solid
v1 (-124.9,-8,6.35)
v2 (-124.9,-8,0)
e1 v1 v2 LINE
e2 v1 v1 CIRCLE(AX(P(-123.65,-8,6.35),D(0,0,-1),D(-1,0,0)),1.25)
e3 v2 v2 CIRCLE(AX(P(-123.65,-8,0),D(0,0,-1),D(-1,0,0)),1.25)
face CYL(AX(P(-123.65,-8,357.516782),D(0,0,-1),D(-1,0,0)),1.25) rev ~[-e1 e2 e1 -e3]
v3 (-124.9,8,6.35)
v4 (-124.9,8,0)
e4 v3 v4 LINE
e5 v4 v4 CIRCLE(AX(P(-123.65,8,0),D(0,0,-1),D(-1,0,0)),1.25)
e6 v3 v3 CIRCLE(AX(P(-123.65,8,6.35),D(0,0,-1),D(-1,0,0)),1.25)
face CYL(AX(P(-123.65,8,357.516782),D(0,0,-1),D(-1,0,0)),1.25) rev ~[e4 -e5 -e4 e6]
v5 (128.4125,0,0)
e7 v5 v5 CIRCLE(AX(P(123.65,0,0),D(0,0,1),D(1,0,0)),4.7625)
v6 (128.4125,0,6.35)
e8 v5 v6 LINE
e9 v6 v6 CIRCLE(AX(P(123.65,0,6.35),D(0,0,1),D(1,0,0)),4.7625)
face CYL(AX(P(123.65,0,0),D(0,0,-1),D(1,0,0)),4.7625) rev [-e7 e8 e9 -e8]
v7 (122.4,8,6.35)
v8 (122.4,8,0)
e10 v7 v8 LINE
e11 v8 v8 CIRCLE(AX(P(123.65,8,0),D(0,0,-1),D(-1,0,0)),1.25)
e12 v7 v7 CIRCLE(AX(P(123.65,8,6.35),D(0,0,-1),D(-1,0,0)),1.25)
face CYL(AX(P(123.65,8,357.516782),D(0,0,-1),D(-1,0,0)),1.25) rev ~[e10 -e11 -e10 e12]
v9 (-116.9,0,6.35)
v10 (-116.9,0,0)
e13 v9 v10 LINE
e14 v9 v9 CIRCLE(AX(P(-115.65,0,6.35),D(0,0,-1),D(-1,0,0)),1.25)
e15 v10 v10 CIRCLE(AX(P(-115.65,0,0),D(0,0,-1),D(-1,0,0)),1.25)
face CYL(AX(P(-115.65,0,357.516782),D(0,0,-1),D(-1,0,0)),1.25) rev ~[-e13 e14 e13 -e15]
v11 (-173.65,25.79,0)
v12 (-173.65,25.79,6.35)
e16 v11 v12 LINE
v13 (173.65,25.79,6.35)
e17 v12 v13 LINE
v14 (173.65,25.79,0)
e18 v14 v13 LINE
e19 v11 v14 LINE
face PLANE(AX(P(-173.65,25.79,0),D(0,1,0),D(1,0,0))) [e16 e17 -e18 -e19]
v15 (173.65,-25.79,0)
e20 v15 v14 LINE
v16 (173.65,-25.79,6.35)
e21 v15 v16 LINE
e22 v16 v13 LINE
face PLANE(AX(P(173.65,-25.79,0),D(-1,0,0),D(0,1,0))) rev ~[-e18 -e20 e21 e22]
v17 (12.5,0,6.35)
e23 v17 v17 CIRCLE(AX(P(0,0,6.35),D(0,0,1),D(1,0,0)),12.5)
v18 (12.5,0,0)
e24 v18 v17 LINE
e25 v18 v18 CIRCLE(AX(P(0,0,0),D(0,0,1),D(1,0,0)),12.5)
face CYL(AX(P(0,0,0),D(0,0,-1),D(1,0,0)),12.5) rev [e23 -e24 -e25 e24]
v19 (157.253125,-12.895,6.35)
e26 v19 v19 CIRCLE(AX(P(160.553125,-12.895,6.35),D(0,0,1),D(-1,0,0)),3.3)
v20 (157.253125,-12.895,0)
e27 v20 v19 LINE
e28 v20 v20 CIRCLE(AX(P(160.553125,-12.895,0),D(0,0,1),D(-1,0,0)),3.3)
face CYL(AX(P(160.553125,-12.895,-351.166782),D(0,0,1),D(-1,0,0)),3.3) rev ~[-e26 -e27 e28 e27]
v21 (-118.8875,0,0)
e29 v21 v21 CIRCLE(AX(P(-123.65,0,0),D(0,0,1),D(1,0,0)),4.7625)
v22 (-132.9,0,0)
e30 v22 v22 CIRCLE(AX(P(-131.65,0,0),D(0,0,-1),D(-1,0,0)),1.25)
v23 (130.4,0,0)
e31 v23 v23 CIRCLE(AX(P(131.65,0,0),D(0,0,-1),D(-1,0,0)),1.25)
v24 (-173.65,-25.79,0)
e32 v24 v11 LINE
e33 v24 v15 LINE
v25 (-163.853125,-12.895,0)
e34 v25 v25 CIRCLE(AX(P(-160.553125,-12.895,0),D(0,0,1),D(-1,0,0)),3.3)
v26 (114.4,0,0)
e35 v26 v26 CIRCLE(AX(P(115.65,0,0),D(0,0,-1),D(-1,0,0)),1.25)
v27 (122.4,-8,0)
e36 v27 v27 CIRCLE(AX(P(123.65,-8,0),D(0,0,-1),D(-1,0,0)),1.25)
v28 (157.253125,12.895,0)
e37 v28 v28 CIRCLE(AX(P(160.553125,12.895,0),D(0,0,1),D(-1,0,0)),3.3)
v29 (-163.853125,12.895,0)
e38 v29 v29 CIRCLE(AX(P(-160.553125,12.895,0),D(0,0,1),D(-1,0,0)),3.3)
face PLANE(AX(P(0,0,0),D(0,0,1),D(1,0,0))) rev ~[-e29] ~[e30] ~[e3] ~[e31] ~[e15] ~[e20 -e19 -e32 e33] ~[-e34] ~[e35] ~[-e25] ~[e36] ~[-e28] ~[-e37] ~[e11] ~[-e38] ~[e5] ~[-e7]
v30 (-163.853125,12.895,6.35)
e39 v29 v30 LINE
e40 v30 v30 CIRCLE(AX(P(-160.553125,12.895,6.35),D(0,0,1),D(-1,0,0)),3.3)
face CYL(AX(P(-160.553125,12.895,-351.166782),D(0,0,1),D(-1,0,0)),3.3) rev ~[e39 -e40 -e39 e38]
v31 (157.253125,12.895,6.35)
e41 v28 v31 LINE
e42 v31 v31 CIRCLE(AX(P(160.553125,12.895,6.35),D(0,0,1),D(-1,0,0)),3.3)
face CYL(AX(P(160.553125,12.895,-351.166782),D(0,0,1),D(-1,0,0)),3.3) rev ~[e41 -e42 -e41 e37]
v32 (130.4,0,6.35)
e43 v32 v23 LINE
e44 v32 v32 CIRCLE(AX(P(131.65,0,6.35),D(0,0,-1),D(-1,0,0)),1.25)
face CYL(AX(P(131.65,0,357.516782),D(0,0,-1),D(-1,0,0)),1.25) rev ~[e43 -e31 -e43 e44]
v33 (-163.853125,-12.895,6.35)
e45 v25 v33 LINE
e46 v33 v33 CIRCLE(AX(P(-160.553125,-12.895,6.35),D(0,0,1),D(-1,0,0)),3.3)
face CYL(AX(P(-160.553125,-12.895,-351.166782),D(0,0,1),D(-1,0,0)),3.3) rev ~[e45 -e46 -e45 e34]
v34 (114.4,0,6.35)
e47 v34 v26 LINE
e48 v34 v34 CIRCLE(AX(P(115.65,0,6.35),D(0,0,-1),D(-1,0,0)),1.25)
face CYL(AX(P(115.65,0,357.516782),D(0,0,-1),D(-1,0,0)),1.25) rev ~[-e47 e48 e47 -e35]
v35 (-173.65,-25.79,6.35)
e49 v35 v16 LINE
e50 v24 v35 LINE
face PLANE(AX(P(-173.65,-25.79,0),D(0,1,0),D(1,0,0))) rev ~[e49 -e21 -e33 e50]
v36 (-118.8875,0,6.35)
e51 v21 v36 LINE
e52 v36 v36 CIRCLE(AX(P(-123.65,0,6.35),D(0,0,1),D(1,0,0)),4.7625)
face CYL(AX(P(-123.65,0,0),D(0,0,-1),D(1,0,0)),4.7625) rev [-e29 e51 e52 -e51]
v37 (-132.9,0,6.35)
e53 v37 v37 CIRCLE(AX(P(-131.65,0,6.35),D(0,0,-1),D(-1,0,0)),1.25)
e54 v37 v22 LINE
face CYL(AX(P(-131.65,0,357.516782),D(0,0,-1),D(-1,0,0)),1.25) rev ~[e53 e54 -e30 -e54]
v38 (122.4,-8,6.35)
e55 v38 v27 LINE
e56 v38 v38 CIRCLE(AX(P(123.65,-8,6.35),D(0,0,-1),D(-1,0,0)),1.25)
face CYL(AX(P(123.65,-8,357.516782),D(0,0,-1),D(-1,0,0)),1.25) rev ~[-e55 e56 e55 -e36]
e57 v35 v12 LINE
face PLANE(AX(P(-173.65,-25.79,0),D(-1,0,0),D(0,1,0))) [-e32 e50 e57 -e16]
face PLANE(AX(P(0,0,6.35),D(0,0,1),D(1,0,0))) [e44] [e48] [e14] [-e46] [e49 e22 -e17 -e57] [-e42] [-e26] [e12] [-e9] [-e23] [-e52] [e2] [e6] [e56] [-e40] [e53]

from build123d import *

# Parameters (mm, degrees)
F0_W     = 347.3
F0_H     = 51.58
F0_R     = 4.7625
F0_R_2   = 12.5
F1_DEPTH = 6.35
F3_D     = 6.6
F5_D     = 2.5


with BuildPart() as f1:
    # F0 (on Top) → F1 (new body)
    with BuildSketch(Plane.XY):
        Rectangle(F0_W, F0_H)
        with Locations((-123.65, 0)):
            Circle(F0_R, mode=Mode.SUBTRACT)
        Circle(F0_R_2, mode=Mode.SUBTRACT)
        with Locations((123.65, 0)):
            Circle(F0_R, mode=Mode.SUBTRACT)
    extrude(amount=F1_DEPTH)

    # F3 (through all)
    with Locations(Plane(origin=(0, 0, 0), x_dir=(1, 0, 0), z_dir=(0, 0, -1))):
        with Locations((-160.553125, 12.895), (-160.553125, -12.895), (160.553125, 12.895), (160.553125, -12.895)):
            Hole(F3_D / 2)

    # F5 (through all)
    with Locations(Plane.XY.offset(6.35)):
        with Locations((-123.65, 8), (-115.65, 0), (-123.65, -8), (-131.65, 0), (123.65, 8), (131.65, 0), (123.65, -8), (115.65, 0)):
            Hole(F5_D / 2)


solid = f1.part
